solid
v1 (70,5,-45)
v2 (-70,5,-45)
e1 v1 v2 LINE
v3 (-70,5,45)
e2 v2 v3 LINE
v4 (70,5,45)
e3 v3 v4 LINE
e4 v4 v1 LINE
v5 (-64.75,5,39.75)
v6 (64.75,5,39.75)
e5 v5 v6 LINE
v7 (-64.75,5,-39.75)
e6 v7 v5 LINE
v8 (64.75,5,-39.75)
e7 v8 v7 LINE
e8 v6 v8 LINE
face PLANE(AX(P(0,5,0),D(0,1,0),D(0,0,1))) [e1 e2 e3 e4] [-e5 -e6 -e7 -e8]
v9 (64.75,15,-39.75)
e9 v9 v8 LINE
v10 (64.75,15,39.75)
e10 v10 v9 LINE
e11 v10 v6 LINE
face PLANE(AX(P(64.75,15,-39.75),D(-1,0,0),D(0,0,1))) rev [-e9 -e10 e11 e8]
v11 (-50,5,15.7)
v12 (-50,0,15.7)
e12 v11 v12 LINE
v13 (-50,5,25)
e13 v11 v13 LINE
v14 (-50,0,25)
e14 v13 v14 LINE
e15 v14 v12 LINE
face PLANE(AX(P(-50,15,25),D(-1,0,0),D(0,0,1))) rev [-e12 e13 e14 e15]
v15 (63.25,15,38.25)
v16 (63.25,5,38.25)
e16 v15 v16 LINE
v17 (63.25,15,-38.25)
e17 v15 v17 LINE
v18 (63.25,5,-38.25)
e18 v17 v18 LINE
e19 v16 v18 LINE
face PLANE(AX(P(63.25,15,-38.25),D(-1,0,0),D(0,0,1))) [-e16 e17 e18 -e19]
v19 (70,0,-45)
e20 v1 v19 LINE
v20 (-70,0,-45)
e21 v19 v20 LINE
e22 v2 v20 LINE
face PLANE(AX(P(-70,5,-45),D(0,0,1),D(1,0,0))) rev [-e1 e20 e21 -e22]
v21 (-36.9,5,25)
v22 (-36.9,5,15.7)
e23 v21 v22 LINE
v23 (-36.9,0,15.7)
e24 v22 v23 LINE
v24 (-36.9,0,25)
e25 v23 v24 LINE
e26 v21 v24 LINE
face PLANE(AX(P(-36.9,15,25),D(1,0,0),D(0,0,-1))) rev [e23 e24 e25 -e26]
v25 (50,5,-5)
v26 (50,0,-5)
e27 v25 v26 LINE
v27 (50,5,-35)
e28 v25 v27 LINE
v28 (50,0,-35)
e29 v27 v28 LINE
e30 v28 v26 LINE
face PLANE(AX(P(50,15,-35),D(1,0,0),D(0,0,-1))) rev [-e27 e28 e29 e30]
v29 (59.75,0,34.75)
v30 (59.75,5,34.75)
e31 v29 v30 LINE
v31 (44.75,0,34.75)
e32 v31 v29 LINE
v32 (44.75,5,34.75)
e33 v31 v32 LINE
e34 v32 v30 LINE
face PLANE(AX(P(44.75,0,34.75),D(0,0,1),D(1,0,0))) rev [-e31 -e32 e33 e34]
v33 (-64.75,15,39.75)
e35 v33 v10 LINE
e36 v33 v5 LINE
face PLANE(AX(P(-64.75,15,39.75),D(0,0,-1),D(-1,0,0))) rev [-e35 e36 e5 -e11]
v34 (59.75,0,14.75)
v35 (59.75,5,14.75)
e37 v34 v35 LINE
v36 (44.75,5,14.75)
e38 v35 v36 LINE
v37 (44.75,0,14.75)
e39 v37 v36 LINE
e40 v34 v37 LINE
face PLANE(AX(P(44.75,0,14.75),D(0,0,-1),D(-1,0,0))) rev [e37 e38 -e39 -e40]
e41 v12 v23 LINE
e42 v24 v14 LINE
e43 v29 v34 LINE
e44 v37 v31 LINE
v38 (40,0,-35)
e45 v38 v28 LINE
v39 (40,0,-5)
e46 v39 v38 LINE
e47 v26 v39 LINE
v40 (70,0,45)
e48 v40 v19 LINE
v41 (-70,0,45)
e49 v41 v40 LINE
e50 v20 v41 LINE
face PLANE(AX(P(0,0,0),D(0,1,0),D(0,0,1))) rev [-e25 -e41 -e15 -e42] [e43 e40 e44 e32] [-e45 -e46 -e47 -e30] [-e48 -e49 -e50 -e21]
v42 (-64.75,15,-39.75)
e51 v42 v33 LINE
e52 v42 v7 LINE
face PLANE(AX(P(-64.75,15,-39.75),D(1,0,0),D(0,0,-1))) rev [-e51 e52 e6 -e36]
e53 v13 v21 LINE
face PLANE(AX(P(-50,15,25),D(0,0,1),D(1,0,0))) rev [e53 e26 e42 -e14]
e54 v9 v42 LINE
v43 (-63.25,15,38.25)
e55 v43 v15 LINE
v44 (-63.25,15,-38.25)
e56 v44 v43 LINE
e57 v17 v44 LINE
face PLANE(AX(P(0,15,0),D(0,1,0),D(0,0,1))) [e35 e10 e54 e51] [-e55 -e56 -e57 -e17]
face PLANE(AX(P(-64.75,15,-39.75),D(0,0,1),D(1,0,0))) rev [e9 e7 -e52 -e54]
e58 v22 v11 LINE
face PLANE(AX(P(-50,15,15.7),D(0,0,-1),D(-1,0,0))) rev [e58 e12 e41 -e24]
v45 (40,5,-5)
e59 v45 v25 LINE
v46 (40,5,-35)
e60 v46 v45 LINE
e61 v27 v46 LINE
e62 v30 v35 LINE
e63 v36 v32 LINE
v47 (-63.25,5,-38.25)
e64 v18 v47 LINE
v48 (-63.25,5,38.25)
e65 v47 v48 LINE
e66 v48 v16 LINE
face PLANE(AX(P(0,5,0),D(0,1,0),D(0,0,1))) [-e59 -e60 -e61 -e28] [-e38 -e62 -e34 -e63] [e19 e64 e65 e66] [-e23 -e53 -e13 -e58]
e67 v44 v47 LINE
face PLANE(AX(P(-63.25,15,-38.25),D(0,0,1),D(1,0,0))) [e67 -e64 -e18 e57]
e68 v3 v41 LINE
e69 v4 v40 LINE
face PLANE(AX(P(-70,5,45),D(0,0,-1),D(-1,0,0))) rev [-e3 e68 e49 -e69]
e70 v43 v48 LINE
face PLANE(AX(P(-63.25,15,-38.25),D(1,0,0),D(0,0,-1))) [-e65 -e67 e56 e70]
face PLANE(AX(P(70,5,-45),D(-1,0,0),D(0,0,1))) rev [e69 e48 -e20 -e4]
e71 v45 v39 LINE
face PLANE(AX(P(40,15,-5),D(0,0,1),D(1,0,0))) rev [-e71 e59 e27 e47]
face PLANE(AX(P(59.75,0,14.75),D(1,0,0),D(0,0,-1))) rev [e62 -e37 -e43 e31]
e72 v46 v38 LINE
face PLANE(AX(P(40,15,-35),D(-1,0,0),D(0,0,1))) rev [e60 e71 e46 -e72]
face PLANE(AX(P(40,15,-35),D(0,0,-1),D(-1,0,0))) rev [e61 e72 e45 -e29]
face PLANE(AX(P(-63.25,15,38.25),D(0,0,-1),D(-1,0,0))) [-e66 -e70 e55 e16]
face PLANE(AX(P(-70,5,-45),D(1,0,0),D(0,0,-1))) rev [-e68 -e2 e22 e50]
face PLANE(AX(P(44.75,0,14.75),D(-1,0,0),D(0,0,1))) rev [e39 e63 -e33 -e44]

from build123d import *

# Parameters (mm, degrees)
CROQUIS1_W              = 140
CROQUIS1_H              = 90
SALIENTE_EXTRUIR1_DEPTH = 5
CROQUIS2_W              = 129.5
CROQUIS2_H              = 79.5
CROQUIS2_W_2            = 126.5
CROQUIS2_H_2            = 76.5
SALIENTE_EXTRUIR2_DEPTH = 10
CROQUIS3_W              = 15
CROQUIS3_H              = 20
CORTAR_EXTRUIR1_DEPTH   = 84.815273071
CROQUIS4_W              = 13.1
CROQUIS4_H              = 9.3
CORTAR_EXTRUIR2_DEPTH   = 85.557672626
CROQUIS5_W              = 10
CROQUIS5_H              = 30
CORTAR_EXTRUIR3_DEPTH   = 85.557672626


with BuildPart() as part:
    # Croquis1 → Saliente-Extruir1 (new body)
    with BuildSketch(Plane(origin=(0, 0, 0), x_dir=(1, 0, 0), z_dir=(0, 1, 0))):
        Rectangle(CROQUIS1_W, CROQUIS1_H)
    extrude(amount=SALIENTE_EXTRUIR1_DEPTH)

    # Croquis2 → Saliente-Extruir2 (add)
    with BuildSketch(Plane(origin=(0, 5, 0), x_dir=(1, 0, 0), z_dir=(0, 1, 0))):
        Rectangle(CROQUIS2_W, CROQUIS2_H)
        Rectangle(CROQUIS2_W_2, CROQUIS2_H_2, mode=Mode.SUBTRACT)
    extrude(amount=SALIENTE_EXTRUIR2_DEPTH)

    # Croquis3 → Cortar-Extruir1 (cut, through all)
    with BuildSketch(Plane(origin=(0, 5, 0), x_dir=(1, 0, 0), z_dir=(0, 1, 0))):
        with Locations((52.25, -24.75)):
            Rectangle(CROQUIS3_W, CROQUIS3_H)
    extrude(amount=-CORTAR_EXTRUIR1_DEPTH, mode=Mode.SUBTRACT)

    # Croquis4 → Cortar-Extruir2 (cut, through all)
    with BuildSketch(Plane.XZ):
        with Locations((-43.45, 20.35)):
            Rectangle(CROQUIS4_W, CROQUIS4_H)
    extrude(amount=-CORTAR_EXTRUIR2_DEPTH, mode=Mode.SUBTRACT)

    # Croquis5 → Cortar-Extruir3 (cut, through all)
    with BuildSketch(Plane.XZ):
        with Locations((45, -20)):
            Rectangle(CROQUIS5_W, CROQUIS5_H)
    extrude(amount=-CORTAR_EXTRUIR3_DEPTH, mode=Mode.SUBTRACT)


solid = part.part
